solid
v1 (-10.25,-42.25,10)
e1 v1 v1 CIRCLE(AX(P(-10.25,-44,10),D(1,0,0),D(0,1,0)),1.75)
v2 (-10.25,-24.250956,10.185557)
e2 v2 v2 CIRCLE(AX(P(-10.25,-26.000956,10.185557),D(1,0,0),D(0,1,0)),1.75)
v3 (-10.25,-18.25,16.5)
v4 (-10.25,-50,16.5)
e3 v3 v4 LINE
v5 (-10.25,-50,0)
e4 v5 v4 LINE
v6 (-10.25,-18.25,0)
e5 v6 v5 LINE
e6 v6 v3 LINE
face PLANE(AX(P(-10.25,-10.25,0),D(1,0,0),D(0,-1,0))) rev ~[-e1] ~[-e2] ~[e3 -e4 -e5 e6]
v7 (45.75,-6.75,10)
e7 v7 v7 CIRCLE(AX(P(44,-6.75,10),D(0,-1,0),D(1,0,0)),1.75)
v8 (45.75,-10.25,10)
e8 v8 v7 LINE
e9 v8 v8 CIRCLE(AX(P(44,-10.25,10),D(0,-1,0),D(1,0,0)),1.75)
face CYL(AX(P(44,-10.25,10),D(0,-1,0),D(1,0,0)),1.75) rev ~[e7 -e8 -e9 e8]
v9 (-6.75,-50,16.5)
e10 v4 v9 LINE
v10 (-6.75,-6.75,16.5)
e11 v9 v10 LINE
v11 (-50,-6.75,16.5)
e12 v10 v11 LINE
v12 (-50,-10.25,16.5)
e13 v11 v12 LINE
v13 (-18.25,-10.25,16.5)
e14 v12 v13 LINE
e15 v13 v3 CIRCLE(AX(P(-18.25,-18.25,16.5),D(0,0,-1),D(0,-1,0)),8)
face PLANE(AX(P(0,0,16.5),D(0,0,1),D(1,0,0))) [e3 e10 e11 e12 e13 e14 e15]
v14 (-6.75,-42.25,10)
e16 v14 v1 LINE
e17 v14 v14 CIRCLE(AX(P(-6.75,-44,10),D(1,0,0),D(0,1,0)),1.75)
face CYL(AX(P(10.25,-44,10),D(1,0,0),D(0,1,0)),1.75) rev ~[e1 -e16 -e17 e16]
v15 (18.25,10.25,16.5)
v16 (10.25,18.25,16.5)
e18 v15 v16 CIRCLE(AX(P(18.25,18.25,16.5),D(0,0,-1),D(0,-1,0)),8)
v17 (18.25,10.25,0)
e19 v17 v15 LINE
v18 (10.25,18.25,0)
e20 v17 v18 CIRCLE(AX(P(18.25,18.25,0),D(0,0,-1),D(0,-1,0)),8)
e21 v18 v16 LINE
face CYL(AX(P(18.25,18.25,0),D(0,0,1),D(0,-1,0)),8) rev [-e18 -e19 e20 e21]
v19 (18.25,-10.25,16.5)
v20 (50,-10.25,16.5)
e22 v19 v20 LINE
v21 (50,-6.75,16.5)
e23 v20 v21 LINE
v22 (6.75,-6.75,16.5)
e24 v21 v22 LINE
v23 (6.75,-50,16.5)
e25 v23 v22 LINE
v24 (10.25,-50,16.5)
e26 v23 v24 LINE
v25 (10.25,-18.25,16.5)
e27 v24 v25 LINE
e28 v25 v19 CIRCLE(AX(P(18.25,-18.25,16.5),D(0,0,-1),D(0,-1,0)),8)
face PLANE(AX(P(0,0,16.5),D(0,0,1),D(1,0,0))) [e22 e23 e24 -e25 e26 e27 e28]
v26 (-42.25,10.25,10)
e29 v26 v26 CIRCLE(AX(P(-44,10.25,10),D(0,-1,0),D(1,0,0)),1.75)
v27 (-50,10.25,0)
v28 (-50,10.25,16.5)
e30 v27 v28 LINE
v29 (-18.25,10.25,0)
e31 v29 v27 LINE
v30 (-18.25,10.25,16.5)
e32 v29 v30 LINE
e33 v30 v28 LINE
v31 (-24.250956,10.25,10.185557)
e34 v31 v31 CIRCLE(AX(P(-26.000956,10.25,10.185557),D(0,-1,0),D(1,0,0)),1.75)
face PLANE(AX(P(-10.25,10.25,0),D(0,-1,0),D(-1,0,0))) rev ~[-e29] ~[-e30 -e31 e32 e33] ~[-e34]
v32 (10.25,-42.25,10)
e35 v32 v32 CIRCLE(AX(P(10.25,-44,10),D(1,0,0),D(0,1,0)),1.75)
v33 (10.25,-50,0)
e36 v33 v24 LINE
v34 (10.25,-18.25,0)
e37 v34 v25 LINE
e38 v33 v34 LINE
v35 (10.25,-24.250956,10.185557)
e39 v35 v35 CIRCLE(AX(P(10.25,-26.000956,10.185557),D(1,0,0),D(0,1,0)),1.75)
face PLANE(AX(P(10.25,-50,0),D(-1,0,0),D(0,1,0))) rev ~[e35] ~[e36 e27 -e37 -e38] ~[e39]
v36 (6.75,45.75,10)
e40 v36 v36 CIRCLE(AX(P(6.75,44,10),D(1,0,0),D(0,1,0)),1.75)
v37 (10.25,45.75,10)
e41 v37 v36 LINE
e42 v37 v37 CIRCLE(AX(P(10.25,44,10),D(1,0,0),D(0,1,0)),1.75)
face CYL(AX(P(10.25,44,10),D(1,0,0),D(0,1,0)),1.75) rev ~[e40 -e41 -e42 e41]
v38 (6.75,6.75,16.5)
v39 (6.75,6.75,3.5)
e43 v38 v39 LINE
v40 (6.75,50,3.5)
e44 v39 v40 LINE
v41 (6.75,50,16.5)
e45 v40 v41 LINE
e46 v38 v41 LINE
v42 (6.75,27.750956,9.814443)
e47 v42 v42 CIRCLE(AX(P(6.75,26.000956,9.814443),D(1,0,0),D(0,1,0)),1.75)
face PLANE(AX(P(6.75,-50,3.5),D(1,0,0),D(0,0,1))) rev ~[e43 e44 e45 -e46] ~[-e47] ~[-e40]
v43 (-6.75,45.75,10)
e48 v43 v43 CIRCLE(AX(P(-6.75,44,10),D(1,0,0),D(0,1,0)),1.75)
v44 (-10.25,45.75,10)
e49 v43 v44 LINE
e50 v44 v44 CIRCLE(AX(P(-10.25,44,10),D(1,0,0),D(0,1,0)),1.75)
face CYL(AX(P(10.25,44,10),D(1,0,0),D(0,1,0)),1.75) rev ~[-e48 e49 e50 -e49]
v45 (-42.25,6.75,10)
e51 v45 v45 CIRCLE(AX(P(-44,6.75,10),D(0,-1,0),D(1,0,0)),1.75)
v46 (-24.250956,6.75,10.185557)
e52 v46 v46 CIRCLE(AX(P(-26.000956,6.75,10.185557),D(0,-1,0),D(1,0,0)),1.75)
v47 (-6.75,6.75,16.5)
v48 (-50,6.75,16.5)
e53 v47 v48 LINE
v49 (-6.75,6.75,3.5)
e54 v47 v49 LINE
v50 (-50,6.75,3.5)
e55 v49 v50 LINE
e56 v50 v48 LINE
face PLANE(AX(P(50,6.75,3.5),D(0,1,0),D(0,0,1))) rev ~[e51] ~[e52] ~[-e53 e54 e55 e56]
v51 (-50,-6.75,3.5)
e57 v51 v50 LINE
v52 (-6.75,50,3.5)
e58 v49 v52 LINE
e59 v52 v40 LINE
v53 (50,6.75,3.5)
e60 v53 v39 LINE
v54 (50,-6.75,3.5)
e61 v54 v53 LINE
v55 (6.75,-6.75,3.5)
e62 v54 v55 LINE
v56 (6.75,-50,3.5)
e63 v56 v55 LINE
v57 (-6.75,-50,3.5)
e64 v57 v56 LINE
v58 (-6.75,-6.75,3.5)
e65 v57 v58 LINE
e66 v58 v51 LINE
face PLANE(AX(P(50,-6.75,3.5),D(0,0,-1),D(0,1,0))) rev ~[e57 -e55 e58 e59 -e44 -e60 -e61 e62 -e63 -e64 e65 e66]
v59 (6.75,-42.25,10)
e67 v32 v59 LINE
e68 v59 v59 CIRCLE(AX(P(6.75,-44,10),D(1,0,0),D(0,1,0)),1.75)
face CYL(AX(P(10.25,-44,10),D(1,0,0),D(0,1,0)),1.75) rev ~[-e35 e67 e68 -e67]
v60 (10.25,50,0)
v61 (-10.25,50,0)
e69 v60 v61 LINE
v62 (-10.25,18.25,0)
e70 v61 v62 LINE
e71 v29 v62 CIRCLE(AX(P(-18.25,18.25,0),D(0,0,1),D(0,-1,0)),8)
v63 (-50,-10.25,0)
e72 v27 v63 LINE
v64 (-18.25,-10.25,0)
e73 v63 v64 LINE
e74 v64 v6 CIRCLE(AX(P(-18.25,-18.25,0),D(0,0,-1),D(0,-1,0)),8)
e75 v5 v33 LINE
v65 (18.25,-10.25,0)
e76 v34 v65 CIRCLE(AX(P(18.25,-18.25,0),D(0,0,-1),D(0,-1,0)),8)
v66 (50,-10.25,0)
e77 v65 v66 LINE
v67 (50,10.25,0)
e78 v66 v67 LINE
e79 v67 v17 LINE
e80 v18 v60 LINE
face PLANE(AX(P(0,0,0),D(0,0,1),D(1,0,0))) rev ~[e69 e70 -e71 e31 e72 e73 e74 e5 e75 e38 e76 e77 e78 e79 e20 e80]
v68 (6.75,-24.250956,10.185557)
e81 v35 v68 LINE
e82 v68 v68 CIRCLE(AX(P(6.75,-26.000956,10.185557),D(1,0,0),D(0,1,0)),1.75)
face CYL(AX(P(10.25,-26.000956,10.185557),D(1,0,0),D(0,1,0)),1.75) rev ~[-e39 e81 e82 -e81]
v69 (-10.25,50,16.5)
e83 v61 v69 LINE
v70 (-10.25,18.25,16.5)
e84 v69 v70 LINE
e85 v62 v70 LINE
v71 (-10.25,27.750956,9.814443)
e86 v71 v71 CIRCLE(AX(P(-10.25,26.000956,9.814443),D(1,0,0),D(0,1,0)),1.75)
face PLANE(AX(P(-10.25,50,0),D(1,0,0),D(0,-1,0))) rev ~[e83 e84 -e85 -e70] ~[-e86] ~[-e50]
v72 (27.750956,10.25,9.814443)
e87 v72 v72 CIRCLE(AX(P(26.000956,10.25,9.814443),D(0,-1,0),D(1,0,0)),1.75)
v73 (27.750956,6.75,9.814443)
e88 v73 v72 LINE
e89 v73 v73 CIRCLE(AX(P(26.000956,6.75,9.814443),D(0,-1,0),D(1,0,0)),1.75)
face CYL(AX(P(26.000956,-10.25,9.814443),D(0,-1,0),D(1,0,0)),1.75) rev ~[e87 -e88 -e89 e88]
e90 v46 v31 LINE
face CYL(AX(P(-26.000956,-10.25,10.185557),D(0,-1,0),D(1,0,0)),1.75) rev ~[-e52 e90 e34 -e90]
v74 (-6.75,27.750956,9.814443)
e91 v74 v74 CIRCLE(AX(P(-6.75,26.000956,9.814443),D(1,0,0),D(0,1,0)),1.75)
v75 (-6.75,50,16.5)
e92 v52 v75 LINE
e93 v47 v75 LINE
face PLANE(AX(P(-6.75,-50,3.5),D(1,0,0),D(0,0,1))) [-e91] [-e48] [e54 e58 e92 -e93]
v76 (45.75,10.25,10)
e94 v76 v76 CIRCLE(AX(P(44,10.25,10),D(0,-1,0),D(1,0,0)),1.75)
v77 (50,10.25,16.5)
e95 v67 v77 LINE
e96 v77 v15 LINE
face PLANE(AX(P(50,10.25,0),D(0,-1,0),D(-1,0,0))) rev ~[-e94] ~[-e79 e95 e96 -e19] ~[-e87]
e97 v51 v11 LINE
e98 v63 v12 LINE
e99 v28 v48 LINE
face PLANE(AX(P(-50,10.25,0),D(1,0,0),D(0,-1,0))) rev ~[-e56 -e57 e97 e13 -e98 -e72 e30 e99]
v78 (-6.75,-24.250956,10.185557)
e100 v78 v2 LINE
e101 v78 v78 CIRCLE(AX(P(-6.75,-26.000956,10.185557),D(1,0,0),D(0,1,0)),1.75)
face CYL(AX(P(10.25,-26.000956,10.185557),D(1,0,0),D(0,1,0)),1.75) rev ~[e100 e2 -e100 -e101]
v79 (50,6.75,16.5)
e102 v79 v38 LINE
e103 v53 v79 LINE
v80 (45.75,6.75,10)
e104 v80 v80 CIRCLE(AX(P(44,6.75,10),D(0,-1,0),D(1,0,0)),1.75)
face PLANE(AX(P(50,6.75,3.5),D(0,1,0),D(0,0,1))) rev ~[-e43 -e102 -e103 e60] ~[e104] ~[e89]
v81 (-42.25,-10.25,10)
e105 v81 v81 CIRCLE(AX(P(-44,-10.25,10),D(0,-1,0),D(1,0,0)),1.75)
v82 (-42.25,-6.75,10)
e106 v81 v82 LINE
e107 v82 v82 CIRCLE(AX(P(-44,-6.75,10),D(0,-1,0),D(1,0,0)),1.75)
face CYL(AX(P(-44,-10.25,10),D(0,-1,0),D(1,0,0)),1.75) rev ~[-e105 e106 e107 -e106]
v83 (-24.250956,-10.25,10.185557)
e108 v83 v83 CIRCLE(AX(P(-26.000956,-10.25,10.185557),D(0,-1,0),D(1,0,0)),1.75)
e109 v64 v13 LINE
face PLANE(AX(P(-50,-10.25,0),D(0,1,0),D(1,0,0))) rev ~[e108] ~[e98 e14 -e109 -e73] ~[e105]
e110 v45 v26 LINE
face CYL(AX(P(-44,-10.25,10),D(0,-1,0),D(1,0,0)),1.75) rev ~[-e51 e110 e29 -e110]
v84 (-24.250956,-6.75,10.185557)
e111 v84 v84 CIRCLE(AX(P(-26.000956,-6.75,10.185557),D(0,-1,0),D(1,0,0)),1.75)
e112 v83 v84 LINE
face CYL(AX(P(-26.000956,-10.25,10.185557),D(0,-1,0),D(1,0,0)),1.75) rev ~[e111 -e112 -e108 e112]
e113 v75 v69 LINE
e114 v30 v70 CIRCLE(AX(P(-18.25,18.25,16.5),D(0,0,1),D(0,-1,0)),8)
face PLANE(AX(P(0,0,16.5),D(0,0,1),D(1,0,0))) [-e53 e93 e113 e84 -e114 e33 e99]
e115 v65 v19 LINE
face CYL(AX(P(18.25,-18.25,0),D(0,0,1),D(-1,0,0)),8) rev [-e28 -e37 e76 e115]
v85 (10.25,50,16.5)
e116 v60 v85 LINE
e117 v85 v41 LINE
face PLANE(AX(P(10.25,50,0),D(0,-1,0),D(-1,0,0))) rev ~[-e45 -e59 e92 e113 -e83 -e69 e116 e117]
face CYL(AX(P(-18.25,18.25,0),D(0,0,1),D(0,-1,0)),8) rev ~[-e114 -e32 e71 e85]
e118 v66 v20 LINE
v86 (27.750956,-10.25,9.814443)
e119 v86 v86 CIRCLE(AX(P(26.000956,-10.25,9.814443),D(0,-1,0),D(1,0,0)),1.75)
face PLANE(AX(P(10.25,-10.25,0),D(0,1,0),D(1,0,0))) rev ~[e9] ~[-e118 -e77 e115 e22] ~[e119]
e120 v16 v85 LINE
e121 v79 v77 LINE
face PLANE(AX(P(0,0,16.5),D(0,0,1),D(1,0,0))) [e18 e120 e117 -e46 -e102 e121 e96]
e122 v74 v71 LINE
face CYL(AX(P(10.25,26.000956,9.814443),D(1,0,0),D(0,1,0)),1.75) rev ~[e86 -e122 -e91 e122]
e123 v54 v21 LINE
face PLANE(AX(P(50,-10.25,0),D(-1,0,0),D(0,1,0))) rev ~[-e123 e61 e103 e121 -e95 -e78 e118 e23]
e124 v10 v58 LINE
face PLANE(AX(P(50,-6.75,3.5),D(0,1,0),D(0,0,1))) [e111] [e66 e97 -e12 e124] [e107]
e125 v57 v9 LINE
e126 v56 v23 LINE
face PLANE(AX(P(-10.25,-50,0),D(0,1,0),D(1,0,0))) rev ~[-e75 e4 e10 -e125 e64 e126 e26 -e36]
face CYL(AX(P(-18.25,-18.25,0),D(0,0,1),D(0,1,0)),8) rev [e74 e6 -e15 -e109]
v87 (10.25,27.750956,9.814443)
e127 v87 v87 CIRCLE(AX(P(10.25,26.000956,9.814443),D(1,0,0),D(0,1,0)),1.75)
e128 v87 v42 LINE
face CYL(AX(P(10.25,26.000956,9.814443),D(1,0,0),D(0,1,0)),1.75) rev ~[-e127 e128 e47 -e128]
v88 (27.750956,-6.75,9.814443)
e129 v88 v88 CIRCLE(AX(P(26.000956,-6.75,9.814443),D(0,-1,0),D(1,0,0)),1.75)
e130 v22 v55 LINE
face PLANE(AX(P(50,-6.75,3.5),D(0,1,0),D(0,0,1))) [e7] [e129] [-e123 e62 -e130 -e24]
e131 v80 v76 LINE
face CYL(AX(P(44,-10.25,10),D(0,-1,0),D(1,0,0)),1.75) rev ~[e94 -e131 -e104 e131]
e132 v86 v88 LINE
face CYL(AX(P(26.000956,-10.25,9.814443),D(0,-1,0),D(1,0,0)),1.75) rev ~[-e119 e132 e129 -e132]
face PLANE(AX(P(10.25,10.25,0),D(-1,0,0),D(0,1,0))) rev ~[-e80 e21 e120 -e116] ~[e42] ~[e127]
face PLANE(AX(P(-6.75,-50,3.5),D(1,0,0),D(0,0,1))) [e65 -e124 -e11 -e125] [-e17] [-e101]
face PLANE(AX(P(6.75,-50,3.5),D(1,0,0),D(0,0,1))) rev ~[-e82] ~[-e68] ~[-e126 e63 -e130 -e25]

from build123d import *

# Parameters (mm, degrees)
F1_DEPTH = 16.5
F2_W     = 13.5
F2_H     = 13
F3_DEPTH = 100.001
F4_W     = 13.5
F4_H     = 13
F5_DEPTH = 100.001
F6_R     = 1.75
F7_DEPTH = 60.251
F8_R     = 1.75
F9_DEPTH = 60.251
F10_R    = 8


with BuildPart() as f1:
    # F0 (on Top) → F1 (new body)
    with BuildSketch(Plane.XY):
        Polygon((-10.25, 10.25), (-50, 10.25), (-50, -10.25), (-10.25, -10.25), (-10.25, -50), (10.25, -50), (10.25, -10.25), (50, -10.25), (50, 10.25), (10.25, 10.25), (10.25, 50), (-10.25, 50), align=None)
    extrude(amount=F1_DEPTH)

    # F2 (on face) → F3 (cut, through all)
    with BuildSketch(Plane.YZ.offset(50)):
        with Locations((0, 10)):
            Rectangle(F2_W, F2_H)
    extrude(amount=-F3_DEPTH, mode=Mode.SUBTRACT)

    # F4 (on face) → F5 (cut, through all)
    with BuildSketch(Plane.XZ.offset(50)):
        with Locations((0, 10)):
            Rectangle(F4_W, F4_H)
    extrude(amount=-F5_DEPTH, mode=Mode.SUBTRACT)

    # F6 (on face) → F7 (cut, through all)
    with BuildSketch(Plane.YZ.offset(10.25)):
        with Locations((44, 10)):
            Circle(F6_R)
        with Locations((26.000956, 9.814443)):
            Circle(F6_R)
        with Locations((-26.000956, 10.185557)):
            Circle(F6_R)
        with Locations((-44, 10)):
            Circle(F6_R)
    extrude(amount=-F7_DEPTH, mode=Mode.SUBTRACT)

    # F8 (on face) → F9 (cut, through all)
    with BuildSketch(Plane.XZ.offset(10.25)):
        with Locations((44, 10)):
            Circle(F8_R)
        with Locations((26.000956, 9.814443)):
            Circle(F8_R)
        with Locations((-26.000956, 10.185557)):
            Circle(F8_R)
        with Locations((-44, 10)):
            Circle(F8_R)
    extrude(amount=-F9_DEPTH, mode=Mode.SUBTRACT)

    # F10
    f10_edges = [f1.edges().sort_by_distance(p)[0] for p in [
        (10.25, -10.25, 8.25),
        (10.25, 10.25, 8.25),
        (-10.25, 10.25, 8.25),
        (-10.25, -10.25, 8.25),
    ]]
    fillet(f10_edges, radius=F10_R)


solid = f1.part
